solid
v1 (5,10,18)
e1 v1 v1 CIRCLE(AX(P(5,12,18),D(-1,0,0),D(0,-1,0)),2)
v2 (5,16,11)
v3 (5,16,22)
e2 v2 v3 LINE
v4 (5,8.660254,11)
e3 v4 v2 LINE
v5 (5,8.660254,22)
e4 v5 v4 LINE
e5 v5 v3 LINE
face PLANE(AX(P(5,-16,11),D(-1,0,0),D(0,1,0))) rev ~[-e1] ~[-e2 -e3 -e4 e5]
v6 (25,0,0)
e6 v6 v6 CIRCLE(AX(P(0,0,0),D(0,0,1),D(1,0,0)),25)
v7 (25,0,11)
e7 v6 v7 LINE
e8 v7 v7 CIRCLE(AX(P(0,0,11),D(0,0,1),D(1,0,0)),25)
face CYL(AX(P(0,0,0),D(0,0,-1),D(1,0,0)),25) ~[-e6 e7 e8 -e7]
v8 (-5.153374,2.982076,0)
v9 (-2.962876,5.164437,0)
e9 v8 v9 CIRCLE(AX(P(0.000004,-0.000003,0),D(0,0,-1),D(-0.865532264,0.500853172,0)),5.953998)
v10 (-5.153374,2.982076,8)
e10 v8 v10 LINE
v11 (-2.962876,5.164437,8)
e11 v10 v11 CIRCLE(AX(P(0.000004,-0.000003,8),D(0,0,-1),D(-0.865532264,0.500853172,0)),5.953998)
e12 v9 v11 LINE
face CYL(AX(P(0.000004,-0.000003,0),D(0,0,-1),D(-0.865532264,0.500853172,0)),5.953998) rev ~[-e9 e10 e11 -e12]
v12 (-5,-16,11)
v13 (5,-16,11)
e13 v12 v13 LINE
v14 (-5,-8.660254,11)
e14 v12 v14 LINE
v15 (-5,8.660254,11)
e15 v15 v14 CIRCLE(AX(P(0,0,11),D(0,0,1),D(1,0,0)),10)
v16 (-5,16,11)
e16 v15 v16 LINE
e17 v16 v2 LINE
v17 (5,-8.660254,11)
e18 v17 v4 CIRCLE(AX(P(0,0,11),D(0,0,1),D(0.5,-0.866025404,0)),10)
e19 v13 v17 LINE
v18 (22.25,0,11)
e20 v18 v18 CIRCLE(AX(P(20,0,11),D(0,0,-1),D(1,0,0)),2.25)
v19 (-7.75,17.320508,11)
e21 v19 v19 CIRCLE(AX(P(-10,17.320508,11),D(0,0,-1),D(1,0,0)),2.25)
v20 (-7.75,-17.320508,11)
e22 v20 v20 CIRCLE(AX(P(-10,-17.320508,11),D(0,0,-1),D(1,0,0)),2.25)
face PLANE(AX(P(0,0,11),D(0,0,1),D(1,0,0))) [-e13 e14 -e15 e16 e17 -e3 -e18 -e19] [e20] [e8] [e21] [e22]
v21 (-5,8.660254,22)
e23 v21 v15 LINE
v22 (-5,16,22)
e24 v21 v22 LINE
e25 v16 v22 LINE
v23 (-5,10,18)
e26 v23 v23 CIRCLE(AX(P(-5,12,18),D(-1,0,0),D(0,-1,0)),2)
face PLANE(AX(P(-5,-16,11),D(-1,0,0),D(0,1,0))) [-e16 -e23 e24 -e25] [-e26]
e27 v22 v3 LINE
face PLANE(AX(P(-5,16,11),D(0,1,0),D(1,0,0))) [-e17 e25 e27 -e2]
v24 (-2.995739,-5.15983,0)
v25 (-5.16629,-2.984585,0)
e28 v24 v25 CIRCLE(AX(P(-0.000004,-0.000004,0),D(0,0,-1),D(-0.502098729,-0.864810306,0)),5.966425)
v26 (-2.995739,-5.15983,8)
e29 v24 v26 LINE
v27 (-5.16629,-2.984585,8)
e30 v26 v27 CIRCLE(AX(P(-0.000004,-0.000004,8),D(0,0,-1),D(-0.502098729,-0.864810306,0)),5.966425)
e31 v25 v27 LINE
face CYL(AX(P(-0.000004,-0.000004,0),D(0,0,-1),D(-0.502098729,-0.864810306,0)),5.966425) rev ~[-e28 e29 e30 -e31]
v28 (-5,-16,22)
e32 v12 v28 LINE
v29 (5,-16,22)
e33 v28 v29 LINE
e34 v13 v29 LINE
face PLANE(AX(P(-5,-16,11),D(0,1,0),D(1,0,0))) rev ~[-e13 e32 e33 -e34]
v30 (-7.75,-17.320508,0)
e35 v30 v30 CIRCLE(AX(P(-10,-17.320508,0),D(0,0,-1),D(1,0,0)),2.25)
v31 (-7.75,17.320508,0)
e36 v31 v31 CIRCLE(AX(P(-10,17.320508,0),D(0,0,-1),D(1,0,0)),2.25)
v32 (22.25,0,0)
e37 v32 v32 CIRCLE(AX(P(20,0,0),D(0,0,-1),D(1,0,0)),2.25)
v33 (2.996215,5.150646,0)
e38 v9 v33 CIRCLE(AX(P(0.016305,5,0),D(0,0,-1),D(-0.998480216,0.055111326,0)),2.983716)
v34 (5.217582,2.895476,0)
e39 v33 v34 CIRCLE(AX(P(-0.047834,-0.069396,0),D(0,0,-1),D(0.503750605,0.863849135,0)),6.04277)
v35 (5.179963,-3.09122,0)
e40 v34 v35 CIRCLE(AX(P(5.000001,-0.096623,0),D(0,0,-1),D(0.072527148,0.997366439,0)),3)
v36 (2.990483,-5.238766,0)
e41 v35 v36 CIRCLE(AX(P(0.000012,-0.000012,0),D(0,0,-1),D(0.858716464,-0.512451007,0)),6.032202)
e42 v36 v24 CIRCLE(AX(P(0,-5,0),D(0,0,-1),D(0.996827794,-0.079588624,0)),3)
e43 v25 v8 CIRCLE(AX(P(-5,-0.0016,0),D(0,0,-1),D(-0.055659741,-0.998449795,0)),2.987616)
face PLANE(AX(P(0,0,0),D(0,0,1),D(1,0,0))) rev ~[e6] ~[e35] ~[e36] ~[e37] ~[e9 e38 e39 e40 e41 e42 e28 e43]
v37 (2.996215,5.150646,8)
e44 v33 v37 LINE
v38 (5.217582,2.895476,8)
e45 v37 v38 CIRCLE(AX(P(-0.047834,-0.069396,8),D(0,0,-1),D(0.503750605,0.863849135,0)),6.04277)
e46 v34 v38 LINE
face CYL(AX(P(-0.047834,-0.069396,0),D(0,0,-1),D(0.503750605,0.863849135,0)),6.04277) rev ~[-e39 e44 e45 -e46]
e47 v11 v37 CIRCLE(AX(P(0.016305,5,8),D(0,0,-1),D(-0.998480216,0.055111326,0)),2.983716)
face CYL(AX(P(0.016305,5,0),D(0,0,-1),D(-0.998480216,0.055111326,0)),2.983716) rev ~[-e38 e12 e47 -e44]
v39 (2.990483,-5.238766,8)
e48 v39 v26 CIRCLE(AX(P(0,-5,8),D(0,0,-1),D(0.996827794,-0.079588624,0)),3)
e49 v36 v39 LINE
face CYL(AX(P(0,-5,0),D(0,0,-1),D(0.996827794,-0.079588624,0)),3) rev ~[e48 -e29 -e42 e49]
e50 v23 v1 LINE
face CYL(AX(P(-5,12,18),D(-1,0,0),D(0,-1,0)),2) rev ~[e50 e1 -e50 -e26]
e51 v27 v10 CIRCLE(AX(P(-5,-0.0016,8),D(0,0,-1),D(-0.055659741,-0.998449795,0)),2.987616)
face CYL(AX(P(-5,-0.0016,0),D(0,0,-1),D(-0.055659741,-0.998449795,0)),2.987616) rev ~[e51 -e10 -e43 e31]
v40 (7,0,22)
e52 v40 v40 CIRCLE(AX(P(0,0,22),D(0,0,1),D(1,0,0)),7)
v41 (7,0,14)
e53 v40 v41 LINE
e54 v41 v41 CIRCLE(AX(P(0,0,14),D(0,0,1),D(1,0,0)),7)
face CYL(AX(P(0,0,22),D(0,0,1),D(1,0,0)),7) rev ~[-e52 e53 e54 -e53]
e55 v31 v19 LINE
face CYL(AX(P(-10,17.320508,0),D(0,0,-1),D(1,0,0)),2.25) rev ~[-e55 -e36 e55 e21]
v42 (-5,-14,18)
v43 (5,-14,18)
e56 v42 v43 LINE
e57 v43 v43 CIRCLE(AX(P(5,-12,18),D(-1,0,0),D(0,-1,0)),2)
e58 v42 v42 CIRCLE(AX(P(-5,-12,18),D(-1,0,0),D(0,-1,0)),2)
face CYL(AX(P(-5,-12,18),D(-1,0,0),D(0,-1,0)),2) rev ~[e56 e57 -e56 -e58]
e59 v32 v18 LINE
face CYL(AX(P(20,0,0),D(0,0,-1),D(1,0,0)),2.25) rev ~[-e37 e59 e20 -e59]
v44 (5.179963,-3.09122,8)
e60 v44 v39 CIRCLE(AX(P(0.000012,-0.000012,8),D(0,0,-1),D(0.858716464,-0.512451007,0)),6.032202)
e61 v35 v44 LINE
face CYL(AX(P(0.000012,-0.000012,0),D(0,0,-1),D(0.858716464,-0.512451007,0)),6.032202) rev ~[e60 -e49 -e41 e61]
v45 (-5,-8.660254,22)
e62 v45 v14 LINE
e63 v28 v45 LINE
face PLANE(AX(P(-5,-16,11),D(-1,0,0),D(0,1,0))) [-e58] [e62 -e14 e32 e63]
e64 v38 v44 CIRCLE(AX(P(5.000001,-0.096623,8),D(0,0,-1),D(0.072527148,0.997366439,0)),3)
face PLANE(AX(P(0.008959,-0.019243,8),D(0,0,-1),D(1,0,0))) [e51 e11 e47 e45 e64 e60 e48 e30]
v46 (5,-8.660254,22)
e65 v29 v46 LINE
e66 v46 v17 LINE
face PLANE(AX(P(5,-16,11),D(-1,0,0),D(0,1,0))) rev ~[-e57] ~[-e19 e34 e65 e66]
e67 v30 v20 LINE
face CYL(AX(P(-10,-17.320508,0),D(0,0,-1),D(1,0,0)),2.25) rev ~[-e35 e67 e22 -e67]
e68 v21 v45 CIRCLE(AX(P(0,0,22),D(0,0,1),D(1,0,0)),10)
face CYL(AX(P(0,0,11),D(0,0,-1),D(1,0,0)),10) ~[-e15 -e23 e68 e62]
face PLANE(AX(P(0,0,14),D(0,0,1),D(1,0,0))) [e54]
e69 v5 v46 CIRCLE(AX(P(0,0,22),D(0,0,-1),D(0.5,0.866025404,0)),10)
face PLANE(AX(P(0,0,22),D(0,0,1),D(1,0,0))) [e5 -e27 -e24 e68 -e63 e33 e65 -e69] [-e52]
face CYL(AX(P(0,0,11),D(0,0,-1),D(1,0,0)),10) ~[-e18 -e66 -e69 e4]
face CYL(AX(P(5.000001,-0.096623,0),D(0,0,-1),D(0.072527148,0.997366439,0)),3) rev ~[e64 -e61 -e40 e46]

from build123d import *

# Parameters (mm, degrees)
SKETCH_R        = 25
PAD_DEPTH       = 11
SKETCH001_W     = 10
SKETCH001_H     = 32
PAD001_DEPTH    = 11
SKETCH002_R     = 10
PAD002_DEPTH    = 11
SKETCH003_R     = 7
POCKET_DEPTH    = 8
SKETCH004_R     = 2.25
POCKET001_DEPTH = 11
POCKET002_DEPTH = 8
SKETCH006_R     = 2
POCKET003_DEPTH = 10


with BuildPart() as part:
    # Sketch → Pad (new body)
    with BuildSketch(Plane.XY):
        Circle(SKETCH_R)
    extrude(amount=PAD_DEPTH)

    # Sketch001 → Pad001 (new body)
    with BuildSketch(Plane.XY.offset(11)):
        Rectangle(SKETCH001_W, SKETCH001_H)
    extrude(amount=PAD001_DEPTH)

    # Sketch002 → Pad002 (new body)
    with BuildSketch(Plane.XY.offset(11)):
        Circle(SKETCH002_R)
    extrude(amount=PAD002_DEPTH)

    # Sketch003 → Pocket (cut)
    with BuildSketch(Plane.XY.offset(22)):
        Circle(SKETCH003_R)
    extrude(amount=-POCKET_DEPTH, mode=Mode.SUBTRACT)

    # Sketch004 → Pocket001 (cut)
    with BuildSketch(Plane(origin=(0, 0, 0), x_dir=(1, 0, 0), z_dir=(0, 0, -1))):
        with Locations((-10, 17.320508)):
            Circle(SKETCH004_R)
        with Locations((20, 0)):
            Circle(SKETCH004_R)
        with Locations((-10, -17.320508)):
            Circle(SKETCH004_R)
    extrude(amount=-POCKET001_DEPTH, mode=Mode.SUBTRACT)

    # Sketch005 → Pocket002 (cut)
    with BuildSketch(Plane(origin=(0, 0, 0), x_dir=(1, 0, 0), z_dir=(0, 0, -1))):
        with BuildLine():
            ThreePointArc((-2.995739, 5.15983), (-4.223459, 4.214344), (-5.16629, 2.984585))
            ThreePointArc((-5.16629, 2.984585), (-7.987609, -0.004867), (-5.153374, -2.982076))
            ThreePointArc((-5.153374, -2.982076), (-4.202268, -4.217936), (-2.962876, -5.164437))
            ThreePointArc((-2.962876, -5.164437), (0.02321, -7.983708), (2.996215, -5.150646))
            ThreePointArc((2.996215, -5.150646), (4.257192, -4.171102), (5.217582, -2.895476))
            ThreePointArc((5.217582, -2.895476), (7.999941, 0.115474), (5.179963, 3.09122))
            ThreePointArc((5.179963, 3.09122), (4.223984, 4.306463), (2.990483, 5.238766))
            ThreePointArc((2.990483, 5.238766), (-0.039555, 7.999739), (-2.995739, 5.15983))
        make_face()
    extrude(amount=-POCKET002_DEPTH, mode=Mode.SUBTRACT)

    # Sketch006 → Pocket003 (cut)
    with BuildSketch(Plane(origin=(-5, 0, 0), x_dir=(0, -1, 0), z_dir=(-1, 0, 0))):
        with Locations((-12, 18)):
            Circle(SKETCH006_R)
        with Locations((12, 18)):
            Circle(SKETCH006_R)
    extrude(amount=-POCKET003_DEPTH, mode=Mode.SUBTRACT)


solid = part.part
